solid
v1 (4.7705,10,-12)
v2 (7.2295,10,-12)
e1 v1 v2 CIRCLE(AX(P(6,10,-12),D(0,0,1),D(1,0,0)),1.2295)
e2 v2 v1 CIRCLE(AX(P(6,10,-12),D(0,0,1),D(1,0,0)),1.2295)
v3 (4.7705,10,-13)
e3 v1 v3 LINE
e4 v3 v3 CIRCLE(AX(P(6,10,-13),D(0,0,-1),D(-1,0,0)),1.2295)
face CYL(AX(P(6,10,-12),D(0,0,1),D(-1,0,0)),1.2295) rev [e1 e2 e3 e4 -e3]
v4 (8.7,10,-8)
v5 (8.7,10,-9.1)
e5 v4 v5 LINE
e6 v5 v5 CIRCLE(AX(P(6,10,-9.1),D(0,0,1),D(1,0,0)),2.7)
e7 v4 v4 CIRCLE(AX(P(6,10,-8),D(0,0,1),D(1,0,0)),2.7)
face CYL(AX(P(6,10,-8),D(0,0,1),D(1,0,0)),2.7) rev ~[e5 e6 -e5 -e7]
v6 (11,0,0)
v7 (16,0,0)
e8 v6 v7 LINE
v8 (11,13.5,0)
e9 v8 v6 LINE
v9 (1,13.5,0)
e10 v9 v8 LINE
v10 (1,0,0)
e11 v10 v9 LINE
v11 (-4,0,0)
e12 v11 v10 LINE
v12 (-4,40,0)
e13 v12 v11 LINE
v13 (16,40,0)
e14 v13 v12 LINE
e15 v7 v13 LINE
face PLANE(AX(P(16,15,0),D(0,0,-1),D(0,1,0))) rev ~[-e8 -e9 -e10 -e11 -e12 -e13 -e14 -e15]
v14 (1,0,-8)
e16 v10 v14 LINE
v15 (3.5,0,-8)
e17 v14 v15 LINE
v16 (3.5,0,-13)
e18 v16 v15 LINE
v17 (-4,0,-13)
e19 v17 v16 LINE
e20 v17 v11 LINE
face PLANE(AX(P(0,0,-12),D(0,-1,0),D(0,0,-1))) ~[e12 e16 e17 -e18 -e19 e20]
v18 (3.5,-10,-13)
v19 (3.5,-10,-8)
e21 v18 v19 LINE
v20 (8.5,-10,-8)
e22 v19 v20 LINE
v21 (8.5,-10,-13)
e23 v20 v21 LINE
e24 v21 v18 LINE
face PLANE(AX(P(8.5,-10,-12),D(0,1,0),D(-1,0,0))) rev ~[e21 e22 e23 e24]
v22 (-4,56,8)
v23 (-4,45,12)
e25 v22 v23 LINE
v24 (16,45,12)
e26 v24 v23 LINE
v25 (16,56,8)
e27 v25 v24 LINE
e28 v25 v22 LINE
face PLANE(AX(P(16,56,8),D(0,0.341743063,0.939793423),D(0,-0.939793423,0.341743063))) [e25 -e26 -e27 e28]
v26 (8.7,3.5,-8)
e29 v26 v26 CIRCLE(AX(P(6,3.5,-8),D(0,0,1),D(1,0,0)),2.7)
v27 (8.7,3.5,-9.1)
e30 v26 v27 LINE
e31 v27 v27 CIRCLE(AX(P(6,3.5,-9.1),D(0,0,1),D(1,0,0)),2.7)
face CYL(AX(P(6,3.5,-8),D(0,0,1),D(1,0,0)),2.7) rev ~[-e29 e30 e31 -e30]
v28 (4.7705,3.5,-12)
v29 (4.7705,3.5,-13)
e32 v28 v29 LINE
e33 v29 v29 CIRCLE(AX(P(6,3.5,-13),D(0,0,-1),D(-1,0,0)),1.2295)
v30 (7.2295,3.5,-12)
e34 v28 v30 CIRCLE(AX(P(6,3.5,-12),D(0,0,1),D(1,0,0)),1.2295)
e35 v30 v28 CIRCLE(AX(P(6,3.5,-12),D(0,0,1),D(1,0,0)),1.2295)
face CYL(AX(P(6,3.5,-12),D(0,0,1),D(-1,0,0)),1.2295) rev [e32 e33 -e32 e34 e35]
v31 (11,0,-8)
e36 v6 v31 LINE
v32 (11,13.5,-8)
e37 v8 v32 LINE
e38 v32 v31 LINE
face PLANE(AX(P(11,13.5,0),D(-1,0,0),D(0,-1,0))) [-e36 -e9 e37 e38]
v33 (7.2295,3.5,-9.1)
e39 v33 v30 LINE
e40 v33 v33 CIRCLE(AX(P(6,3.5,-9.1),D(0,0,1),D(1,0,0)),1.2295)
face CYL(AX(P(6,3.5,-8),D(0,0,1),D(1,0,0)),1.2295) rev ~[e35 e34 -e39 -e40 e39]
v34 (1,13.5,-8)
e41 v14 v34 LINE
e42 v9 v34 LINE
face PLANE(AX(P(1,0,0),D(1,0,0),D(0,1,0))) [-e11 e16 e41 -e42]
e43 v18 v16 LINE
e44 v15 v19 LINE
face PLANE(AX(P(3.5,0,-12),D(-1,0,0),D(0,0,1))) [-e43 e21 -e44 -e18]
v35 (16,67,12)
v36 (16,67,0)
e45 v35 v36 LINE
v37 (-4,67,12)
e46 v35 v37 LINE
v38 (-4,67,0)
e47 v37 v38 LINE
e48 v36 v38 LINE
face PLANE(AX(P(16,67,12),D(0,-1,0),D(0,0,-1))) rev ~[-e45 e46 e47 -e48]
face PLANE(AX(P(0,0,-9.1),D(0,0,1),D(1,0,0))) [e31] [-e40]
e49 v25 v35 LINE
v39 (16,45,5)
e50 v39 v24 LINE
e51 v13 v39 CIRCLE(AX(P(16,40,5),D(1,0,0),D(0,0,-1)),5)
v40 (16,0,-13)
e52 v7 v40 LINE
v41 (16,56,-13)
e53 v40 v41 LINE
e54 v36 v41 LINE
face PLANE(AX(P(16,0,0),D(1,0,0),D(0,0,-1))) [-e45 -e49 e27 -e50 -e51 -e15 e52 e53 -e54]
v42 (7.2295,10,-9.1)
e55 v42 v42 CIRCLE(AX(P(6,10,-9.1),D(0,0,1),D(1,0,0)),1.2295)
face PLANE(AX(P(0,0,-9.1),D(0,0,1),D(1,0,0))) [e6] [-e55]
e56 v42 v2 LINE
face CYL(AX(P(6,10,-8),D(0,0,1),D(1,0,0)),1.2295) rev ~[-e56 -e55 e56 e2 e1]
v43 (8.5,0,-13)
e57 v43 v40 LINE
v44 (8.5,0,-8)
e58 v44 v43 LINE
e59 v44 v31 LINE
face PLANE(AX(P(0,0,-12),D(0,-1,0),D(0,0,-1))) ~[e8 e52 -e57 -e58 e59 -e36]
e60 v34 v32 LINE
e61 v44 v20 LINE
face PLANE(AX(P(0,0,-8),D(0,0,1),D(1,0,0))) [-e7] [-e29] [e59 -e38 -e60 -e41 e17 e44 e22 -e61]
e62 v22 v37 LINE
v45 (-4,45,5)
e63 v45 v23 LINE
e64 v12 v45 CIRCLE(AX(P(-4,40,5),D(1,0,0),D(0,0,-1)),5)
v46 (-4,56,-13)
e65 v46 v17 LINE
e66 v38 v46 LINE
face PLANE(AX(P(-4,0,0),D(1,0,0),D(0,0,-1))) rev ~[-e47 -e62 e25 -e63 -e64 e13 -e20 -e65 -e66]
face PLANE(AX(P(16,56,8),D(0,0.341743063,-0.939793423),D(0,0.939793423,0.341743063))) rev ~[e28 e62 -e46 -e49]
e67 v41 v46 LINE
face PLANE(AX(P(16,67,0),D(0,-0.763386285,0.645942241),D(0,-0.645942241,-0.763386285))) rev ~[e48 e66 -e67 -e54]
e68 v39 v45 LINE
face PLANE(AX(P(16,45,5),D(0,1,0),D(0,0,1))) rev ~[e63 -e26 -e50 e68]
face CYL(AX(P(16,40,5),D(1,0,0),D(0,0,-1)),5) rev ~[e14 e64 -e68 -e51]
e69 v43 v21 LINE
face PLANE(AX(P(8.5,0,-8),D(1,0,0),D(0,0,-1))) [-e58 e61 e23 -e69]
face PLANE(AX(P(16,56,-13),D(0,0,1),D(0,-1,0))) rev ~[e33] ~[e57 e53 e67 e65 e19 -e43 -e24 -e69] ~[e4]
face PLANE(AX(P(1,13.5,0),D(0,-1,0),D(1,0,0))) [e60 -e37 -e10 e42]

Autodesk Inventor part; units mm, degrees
ref_plane "YZ Plane" through (0, 0, 0) normal (1, 0, 0) x (0, 1, 0)
ref_plane "XZ Plane" through (0, 0, 0) normal (0, 1, 0) x (-1, 0, 0)
sketch "Sketch2" plane through (0, 0, 0) normal (1, 0, 0) x (0, 1, 0)
  line L0 (0, 0) -> (15, 0)
  line L1 (15, 0) -> (15, -10)
  line L2 (15, -10) -> (0, -10)
  line L3 (0, -10) -> (0, 0)
  dimension "d4" = 15
  dimension "d5" = 10
extrude "Extrusion2" add sketch "Sketch2" along normal blind 12
sketch "Sketch3" plane through (0, 0, 0) normal (0, 0, 1) x (1, 0, 0)
  line L0 (0, 0) -> (1, 0)
  line L1 (0, 0) -> (12, 0) projected
  line L2 (1, 0) -> (1, 13.5)
  line L3 (1, 13.5) -> (11, 13.5)
  line L4 (11, 13.5) -> (11, 0)
  line L5 (11, 0) -> (1, 0)
  dimension "d8" = 1
  dimension "d9" = 13.5
  dimension "d10" = 10
extrude "Extrusion3" cut sketch "Sketch3" against normal blind 8
sketch "Sketch4" plane through (0, 0, -10) normal (0, 0, -1) x (-1, 0, 0)
  line L0 (0, 15) -> (-12, 15) projected
  line L1 (0, 0) -> (-12, 0) projected
  line L2 (-12, 15) -> (0, 15)
  line L3 (0, 15) -> (0, 0)
  line L4 (0, 0) -> (-12, 0)
  line L5 (-12, 0) -> (-12, 15)
extrude "Extrusion4" add sketch "Sketch4" along normal blind 2
sketch "Sketch5" plane through (0, 0, -8) normal (0, 0, 1) x (1, 0, 0)
  line L0 (1, 13.5) -> (11, 13.5) projected
  line L1 (6, 13.5) -> (6, 10)
  line L2 (6, 10) -> (6, 3.5)
  circle A0 centre (6, 10) radius 1.2295
  circle A1 centre (6, 3.5) radius 1.2295
  point P0 (0, 0)
  dimension "d15" = 3.5
  dimension "d16" = 6.5
  dimension "d17" = 2.459
  dimension "d18" = 2.459
extrude "Extrusion5" cut sketch "Sketch5" against normal blind 4
sketch "Sketch6" plane through (0, 0, -8) normal (0, 0, 1) x (1, 0, 0)
  circle A0 centre (6, 10) radius 1.2295 projected
  circle A1 centre (6, 10) radius 2.7
  circle A2 centre (6, 3.5) radius 1.2295 projected
  circle A3 centre (6, 3.5) radius 2.7
  point P0 (0, 0)
  dimension "d21" = 5.4
  dimension "d22" = 5.4
extrude "Extrusion6" cut sketch "Sketch6" against normal blind 1.1
sketch "Sketch15" plane through (12, 0, 0) normal (1, 0, 0) x (0, 0, -1)
  line L0 (0, 15) -> (12, 15) projected
  line L1 (12, 15) -> (12, 0) projected
  line L2 (0, 15) -> (12, 15)
  line L3 (12, 15) -> (12, 0)
  line L4 (12, 0) -> (0, 0)
  line L5 (0, 0) -> (0, 15)
extrude "Extrusion14" add sketch "Sketch15" along normal blind 4
ref_plane "Work Plane1" through (6, 0, 0) normal (1, 0, 0) x (0, 0, -1)
mirror "Mirror1" about plane through (6, 0, 0) normal (1, 0, 0) of "Extrusion14"
sketch "Sketch16" plane through (1, 0, -8) normal (0, -1, 0) x (1, 0, 0)
  line L0 (10, 0) -> (0, 0) projected
  line L1 (5, 0) -> (7.5, 0)
  line L2 (7.5, 0) -> (7.5, -4)
  line L3 (-5, -4) -> (15, -4) projected
  line L4 (7.5, -4) -> (2.5, -4)
  line L5 (2.5, -4) -> (2.5, 0)
  line L6 (2.5, 0) -> (5, 0)
  point P0 (-1, 8)
  dimension "d61" = 2.5
  dimension "d62" = 4
  dimension "d63" = 5
  dimension "d64" = 4
extrude "Extrusion15" add sketch "Sketch16" along normal blind 10
sketch "Sketch18" plane through (0, 0, -12) normal (0, 0, -1) x (-1, 0, 0)
  line L0 (-16, 15) -> (4, 15) projected
  line L1 (4, 0) -> (-3.5, 0) projected
  line L2 (-16, 15) -> (4, 15)
  line L3 (4, 15) -> (4, 0)
  line L4 (4, 0) -> (-16, 0)
  line L5 (-16, 0) -> (-16, 15)
  line L6 (-8.5, -10) -> (-3.5, -10) projected
  line L7 (-3.5, 0) -> (-8.5, 0)
  line L8 (-8.5, 0) -> (-8.5, -10)
  line L9 (-8.5, -10) -> (-3.5, -10)
  line L10 (-3.5, -10) -> (-3.5, 0)
  circle A0 centre (-6, 3.5) radius 1.2295 projected
  circle A1 centre (-6, 3.5) radius 1.2295
  circle A2 centre (-6, 10) radius 1.2295 projected
  circle A3 centre (-6, 10) radius 1.2295
  point P0 (0, 0)
extrude "Extrusion16" add sketch "Sketch18" along normal blind 1
sketch "Sketch19" plane through (16, 0, 0) normal (1, 0, 0) x (0, 0, -1)
  line L0 (0, 15) -> (13, 15) projected
  line L1 (0, 15) -> (0, 40)
  line L2 (-5, 45) -> (-12, 45)
  line L3 (13, 45) -> (13, 15)
  arc A0 (0, 40) -> (-5, 45) centre (-5, 40) ccw
  line L4 (-12, 67) -> (0, 67)
  line L5 (0, 67) -> (13, 56)
  line L6 (13, 56) -> (13, 45)
  line L7 (-8, 56) -> (-12, 67)
  line L8 (-8, 56) -> (-12, 45)
  point P0 (0, 0)
  point P1 (0, 45)
  dimension "d69" = 30
  dimension "d76" = 22
extrude "Extrusion17" add sketch "Sketch19" against normal blind 20
properties part number "20mm_x_20mm"
